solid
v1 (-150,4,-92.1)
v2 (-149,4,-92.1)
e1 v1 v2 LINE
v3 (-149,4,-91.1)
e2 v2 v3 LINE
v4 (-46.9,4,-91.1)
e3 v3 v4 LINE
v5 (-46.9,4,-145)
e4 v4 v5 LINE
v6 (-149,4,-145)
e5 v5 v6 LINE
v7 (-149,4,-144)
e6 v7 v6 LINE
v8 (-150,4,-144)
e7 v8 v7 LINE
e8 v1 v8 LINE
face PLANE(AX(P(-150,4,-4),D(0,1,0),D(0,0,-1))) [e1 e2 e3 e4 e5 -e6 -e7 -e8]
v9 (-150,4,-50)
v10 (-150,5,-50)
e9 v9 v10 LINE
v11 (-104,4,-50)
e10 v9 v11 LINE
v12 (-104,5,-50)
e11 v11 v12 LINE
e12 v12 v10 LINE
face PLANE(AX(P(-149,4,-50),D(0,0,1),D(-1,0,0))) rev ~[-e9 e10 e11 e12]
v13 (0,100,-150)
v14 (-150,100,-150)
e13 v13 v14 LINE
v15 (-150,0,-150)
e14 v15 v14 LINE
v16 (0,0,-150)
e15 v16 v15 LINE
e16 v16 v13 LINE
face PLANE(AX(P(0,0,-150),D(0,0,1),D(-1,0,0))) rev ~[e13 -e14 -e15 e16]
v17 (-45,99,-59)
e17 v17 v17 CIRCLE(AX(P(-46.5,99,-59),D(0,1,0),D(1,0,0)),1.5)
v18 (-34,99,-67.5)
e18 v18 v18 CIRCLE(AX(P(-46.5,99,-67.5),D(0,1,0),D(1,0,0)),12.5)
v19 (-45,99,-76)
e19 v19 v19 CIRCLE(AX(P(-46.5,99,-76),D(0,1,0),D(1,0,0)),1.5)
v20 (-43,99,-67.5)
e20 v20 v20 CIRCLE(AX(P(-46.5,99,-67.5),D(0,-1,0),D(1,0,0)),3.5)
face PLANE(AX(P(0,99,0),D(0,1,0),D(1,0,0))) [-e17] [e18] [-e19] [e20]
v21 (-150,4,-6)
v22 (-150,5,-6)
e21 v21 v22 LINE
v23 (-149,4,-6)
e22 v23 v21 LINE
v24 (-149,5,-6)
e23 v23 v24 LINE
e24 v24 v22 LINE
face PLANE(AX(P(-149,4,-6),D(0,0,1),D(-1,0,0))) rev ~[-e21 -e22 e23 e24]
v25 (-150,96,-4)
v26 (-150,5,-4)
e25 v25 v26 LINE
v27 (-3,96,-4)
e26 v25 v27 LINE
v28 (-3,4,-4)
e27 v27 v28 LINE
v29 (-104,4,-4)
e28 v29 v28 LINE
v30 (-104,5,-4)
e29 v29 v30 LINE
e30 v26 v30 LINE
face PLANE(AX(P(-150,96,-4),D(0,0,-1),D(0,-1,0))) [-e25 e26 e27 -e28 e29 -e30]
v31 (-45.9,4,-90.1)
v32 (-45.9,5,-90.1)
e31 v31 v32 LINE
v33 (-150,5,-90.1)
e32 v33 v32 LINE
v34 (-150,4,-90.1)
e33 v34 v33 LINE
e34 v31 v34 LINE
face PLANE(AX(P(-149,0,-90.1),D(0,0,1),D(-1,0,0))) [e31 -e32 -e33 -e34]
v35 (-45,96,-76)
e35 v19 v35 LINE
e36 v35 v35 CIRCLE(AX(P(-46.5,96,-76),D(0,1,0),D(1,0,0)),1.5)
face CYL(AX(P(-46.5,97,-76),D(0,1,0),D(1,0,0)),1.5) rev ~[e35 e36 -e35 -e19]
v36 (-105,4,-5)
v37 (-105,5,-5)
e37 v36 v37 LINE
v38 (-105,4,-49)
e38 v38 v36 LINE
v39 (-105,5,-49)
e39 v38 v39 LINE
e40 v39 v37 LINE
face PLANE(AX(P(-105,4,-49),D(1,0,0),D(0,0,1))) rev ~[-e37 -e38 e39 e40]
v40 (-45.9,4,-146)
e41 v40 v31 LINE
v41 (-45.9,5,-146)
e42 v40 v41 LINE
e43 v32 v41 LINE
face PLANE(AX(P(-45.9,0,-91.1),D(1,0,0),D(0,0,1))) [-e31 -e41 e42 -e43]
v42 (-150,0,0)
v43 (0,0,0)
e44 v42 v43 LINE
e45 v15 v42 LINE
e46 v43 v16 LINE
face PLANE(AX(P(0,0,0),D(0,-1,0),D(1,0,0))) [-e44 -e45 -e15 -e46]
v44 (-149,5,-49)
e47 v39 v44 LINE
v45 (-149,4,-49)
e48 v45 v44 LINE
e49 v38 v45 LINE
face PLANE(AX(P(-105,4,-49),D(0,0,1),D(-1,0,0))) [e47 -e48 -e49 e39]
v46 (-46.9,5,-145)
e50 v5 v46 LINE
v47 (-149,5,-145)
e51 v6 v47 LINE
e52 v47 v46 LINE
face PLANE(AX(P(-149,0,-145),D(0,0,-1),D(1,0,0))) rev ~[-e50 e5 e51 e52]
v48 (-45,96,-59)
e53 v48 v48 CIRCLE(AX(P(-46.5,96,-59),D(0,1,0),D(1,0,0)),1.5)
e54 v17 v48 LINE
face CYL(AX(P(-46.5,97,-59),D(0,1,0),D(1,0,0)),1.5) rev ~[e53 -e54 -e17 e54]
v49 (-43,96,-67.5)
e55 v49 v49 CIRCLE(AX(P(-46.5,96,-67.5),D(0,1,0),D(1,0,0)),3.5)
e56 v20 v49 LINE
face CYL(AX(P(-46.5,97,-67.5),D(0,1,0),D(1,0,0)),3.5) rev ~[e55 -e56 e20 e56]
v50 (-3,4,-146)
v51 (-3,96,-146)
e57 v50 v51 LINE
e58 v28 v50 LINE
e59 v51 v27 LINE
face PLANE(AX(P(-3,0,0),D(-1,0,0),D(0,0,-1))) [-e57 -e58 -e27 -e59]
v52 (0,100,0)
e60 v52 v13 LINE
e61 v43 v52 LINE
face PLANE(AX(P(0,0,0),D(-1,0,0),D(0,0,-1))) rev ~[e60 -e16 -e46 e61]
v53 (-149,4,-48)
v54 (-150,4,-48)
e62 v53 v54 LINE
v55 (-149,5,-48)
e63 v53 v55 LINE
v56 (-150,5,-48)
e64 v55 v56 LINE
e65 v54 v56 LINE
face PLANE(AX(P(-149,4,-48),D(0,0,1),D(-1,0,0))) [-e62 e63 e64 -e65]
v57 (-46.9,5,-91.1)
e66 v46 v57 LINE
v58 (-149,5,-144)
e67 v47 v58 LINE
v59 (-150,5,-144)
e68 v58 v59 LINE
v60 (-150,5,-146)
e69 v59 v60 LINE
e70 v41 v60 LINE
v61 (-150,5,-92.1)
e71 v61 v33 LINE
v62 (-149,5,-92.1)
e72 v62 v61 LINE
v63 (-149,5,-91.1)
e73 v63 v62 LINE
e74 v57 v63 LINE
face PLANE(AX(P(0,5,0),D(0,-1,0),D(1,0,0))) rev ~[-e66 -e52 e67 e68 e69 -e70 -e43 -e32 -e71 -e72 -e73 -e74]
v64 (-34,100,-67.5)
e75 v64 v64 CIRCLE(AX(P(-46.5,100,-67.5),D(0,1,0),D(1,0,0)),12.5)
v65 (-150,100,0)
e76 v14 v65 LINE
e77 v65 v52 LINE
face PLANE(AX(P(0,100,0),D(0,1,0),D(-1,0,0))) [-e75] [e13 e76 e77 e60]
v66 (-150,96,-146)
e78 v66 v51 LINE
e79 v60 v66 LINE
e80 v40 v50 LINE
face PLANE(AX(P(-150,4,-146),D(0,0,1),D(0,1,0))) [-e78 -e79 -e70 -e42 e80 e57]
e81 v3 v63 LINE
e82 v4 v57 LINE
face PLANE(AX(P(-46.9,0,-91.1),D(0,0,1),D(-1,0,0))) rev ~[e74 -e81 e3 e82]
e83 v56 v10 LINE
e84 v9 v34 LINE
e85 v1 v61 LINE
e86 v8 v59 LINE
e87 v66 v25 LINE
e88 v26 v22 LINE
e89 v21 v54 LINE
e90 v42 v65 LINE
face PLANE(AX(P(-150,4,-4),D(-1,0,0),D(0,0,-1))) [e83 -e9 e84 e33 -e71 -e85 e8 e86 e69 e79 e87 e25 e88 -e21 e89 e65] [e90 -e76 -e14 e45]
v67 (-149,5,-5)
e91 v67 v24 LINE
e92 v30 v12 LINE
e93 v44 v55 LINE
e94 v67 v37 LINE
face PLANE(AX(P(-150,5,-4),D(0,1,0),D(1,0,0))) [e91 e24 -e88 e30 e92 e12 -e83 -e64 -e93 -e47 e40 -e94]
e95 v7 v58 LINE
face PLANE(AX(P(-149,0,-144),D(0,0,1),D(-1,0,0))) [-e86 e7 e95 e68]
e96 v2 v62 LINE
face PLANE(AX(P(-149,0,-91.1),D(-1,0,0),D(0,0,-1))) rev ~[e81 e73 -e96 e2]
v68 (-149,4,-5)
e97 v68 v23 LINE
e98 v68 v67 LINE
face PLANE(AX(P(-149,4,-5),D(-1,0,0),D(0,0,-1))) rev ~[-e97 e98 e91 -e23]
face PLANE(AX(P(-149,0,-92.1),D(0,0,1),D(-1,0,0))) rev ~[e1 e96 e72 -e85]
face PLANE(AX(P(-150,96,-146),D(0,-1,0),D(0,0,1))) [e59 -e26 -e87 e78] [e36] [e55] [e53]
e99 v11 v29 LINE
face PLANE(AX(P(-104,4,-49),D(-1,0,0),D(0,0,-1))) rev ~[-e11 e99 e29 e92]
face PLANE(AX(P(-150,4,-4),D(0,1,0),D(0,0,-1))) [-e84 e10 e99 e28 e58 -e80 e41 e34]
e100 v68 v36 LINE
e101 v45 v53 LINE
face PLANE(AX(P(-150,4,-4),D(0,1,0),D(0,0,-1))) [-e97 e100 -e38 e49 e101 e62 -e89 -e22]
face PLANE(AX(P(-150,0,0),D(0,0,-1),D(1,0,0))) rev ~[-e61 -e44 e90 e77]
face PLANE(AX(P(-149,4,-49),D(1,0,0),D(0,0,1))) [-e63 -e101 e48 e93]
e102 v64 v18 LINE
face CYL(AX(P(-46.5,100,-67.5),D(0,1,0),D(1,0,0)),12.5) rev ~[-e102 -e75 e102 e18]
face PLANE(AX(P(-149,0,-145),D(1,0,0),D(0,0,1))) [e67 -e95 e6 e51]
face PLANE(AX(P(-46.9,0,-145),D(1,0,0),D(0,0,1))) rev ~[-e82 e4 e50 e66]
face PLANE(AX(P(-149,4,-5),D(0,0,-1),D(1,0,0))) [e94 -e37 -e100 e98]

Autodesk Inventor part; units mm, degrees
ref_plane "YZ Plane" through (0, 0, 0) normal (1, 0, 0) x (0, 1, 0)
ref_plane "XZ Plane" through (0, 0, 0) normal (0, 1, 0) x (-1, 0, 0)
ref_plane "XY Plane" through (0, 0, 0) normal (0, 0, 1) x (1, 0, 0)
sketch "Boceto1" plane through (0, 0, 0) normal (0, 1, 0) x (-1, 0, 0)
  point P0 (0, 0)
extrude "Extrusión1" [suppressed]
feature "Vaciado1" [suppressed]
sketch "Boceto2" plane through (0, 70, 0) normal (0, 1, 0) x (1, 0, 0)
  line L0 (-5, 5) -> (-5, 145) projected
  line L1 (-145, 145) -> (-145, 5) projected
  line L2 (-145, 5) -> (-5, 5) projected
  line L3 (-5, 145) -> (-145, 145) projected
  line L4 (-150, 0) -> (0, 0) projected
  circle A0 centre (-46.4922, 78) radius 12.5
  circle A1 centre (-46.4922, 78) radius 13.5
hole "Agujero1" [suppressed]
sketch "Boceto3" plane through (0, 70, 0) normal (0, 1, 0) x (1, 0, 0)
  point P0 (0, 0)
sketch "Boceto4" plane through (0, 0, 0) normal (0, 1, 0) x (-1, 0, 0)
  point P0 (0, 0)
extrude "Extrusión2" [suppressed]
feature "Vaciado2" [suppressed]
sketch "Boceto5" plane through (0, 100, 0) normal (0, 1, 0) x (1, 0, 0)
  line L0 (0, 0) -> (0, 150) projected
  circle A0 centre (-46.5, 67.5) radius 14.5
extrude "Extrusión3" [suppressed]
sketch "Boceto6" plane through (0, 100, 0) normal (0, 1, 0) x (1, 0, 0)
  circle A0 centre (-46.5, 67.5) radius 12.5
extrude "Extrusión4" [suppressed]
sketch "Boceto7" plane through (-46.5, 31, -67.5) normal (0, -1, 0) x (1, 0, 0)
  point P0 (46.5, 67.5)
sketch "Boceto8" plane through (-46.5, 33, -67.5) normal (0, 1, 0) x (1, 0, 0)
  point P0 (46.5, -67.5)
sketch "Boceto9" plane through (0, 100, 0) normal (0, 1, 0) x (1, 0, 0)
  point P0 (0, 0)
sketch "Boceto10" plane through (0, 0, 0) normal (0, 1, 0) x (-1, 0, 0)
  line L0 (0, 0) -> (0, -150)
  line L1 (0, -150) -> (150, -150)
  line L2 (150, -150) -> (150, 0)
  line L3 (150, 0) -> (0, 0)
extrude "Extrusión5" add sketch "Boceto10" along normal blind 100
shell "Vaciado3" thickness 3 removed faces 1 at (-150, 33.3333, -100)
sketch "Boceto11" plane through (0, 100, 0) normal (0, 1, 0) x (1, 0, 0)
  line L0 (-150, 0) -> (0, 0) projected
  line L1 (0, 0) -> (0, 150) projected
  circle A0 centre (-46.5, 67.5) radius 12.5002
extrude "Extrusión6" add sketch "Boceto11" against normal blind 4
sketch "Boceto12" plane through (0, 100, 0) normal (0, 1, 0) x (1, 0, 0)
  circle A0 centre (-46.5, 67.5) radius 12.5
  point P0 (0, 0)
extrude "Extrusión7" cut sketch "Boceto12" against normal blind 1
sketch "Boceto13" plane through (0, 100, 0) normal (0, 1, 0) x (1, 0, 0)
  point P0 (0, 0)
sketch "Boceto14" plane through (-46.5, 96, -67.5) normal (0, -1, 0) x (1, 0, 0)
  circle A0 centre (0, 0) radius 3.5
  point P0 (46.5, 67.5)
extrude "Extrusión8" cut sketch "Boceto14" against normal blind 3
sketch "Boceto15" plane through (-46.5, 99, -67.5) normal (0, 1, 0) x (1, 0, 0)
  circle A0 centre (0, -8.5) radius 1.5
  circle A1 centre (0, 8.5) radius 1.5
  point P0 (46.5, -67.5)
extrude "Extrusión9" cut sketch "Boceto15" against normal blind 3
sketch "Boceto16" plane through (-150, 0, -150) normal (-1, 0, 0) x (0, 0, 1)
  line L0 (3, 97) -> (147, 97) projected
  line L1 (4, 96) -> (146, 96)
  line L2 (147, 3) -> (3, 3) projected
  line L3 (4, 4) -> (4, 96)
  line L4 (146, 4) -> (4, 4)
  line L5 (146, 96) -> (146, 4)
  line L6 (3, 97) -> (147, 97)
  line L7 (147, 3) -> (147, 97) projected
  line L8 (147, 3) -> (3, 3)
  line L9 (3, 3) -> (3, 97) projected
  line L10 (3, 97) -> (3, 3)
  line L11 (147, 97) -> (147, 3)
  point P0 (150, 0)
sketch "Boceto17" plane through (-150, 3, -147) normal (0, 0, 1) x (1, 0, 0)
  point P0 (150, -3)
extrude "Extrusión10" add sketch "Boceto16" against normal blind 148
sketch "Boceto18" plane through (-46.5, 97, -67.5) normal (0, 1, 0) x (1, 0, 0)
  circle A0 centre (0, 0) radius 3.5
  point P0 (46.5, -67.5)
extrude "Extrusión11" cut sketch "Boceto18" against normal blind 1
sketch "Boceto19" plane through (-150, 0, -150) normal (-1, 0, 0) x (0, 0, 1)
  point P0 (150, 0)
sketch "Boceto20" plane through (-46.5, 97, -76) normal (0, 1, 0) x (1, 0, 0)
  circle A0 centre (0, 0) radius 1.5 projected
  circle A1 centre (0, 0) radius 1.5
  circle A2 centre (0, -17) radius 1.5
  point P0 (46.5, -76)
extrude "Extrusión12" cut sketch "Boceto20" against normal blind 1
sketch "Boceto21" plane through (-150, 0, -150) normal (-1, 0, 0) x (0, 0, 1)
  point P0 (150, 0)
sketch "Boceto22" plane through (-150, 4, -4) normal (0, 1, 0) x (1, 0, 0)
  point P0 (150, -4)
  point P1 (0, 142)
sketch "Boceto23" plane through (0, 0, 0) normal (0, -1, 0) x (1, 0, 0)
  point P0 (0, 0)
extrude "Extrusión13" [suppressed]
sketch "Boceto24" plane through (0, 5, 0) normal (0, 1, 0) x (1, 0, 0)
  point P0 (0, 0)
sketch "Boceto25" plane through (0, 0, 0) normal (0, -1, 0) x (1, 0, 0)
  line L0 (-150, -146) -> (-150, -4) projected
  line L1 (-150, -146) -> (-45.9, -146)
  line L2 (-45.9, -146) -> (-45.9, -90.1)
  line L3 (-45.9, -90.1) -> (-150, -90.1)
  line L4 (-150, -146) -> (-150, -145)
  line L5 (-149, -145) -> (-46.9, -145)
  line L6 (-45.9, -146) -> (-46.9, -146)
  line L7 (-46.9, -145) -> (-46.9, -91.1)
  line L8 (-45.9, -90.1) -> (-45.9, -91.1)
  line L9 (-46.9, -91.1) -> (-149, -91.1)
  line L10 (-150, -90.1) -> (-149, -90.1)
  line L11 (-149, -145) -> (-149, -144)
  line L12 (-149, -144) -> (-150, -144)
  line L13 (-149, -91.1) -> (-149, -92.1)
  line L14 (-149, -92.1) -> (-150, -92.1)
  line L15 (-149, -91.1) -> (-149, -92.1)
  line L16 (-149, -144) -> (-149, -145)
  line L17 (-150, -146) -> (-150, -144)
  line L18 (-150, -92.1) -> (-150, -90.1)
  point P0 (0, 0)
extrude "Extrusión14" add sketch "Boceto25" against normal blind 5 contours L0 L12 L11 L5 L7 L9 L13 L14 L3 L2 L1
sketch "Boceto26" plane through (-150, 4, -4) normal (0, 1, 0) x (1, 0, 0)
  line L0 (0, 0) -> (147, 0) projected
  line L1 (0, 0) -> (46, 0)
  line L2 (46, 0) -> (46, 46)
  line L3 (46, 46) -> (0, 46)
  line L4 (0, 0) -> (0, 86.1) projected
  line L5 (46, 46) -> (45, 46)
  line L6 (46, 46) -> (46, 45)
  line L7 (45, 45) -> (1, 45)
  line L8 (0, 46) -> (1, 46)
  line L9 (0, 0) -> (0, 1)
  line L10 (46, 46) -> (45, 46)
  line L11 (45, 45) -> (45, 1)
  line L12 (1, 1) -> (45, 1)
  line L13 (1, 45) -> (1, 44)
  line L14 (1, 44) -> (0, 44)
  line L15 (1, 1) -> (1, 2)
  line L16 (1, 2) -> (0, 2)
  line L17 (0, 46) -> (0, 44)
  line L18 (0, 2) -> (0, 0)
  line L19 (1, 45) -> (1, 44)
  line L20 (1, 2) -> (1, 1)
  point P0 (150, -4)
extrude "Extrusión15" add sketch "Boceto26" along normal blind 1 contours L4 L16 L15 L12 L11 L7 L13 L14 L3 L2 L0
properties part number "base"
